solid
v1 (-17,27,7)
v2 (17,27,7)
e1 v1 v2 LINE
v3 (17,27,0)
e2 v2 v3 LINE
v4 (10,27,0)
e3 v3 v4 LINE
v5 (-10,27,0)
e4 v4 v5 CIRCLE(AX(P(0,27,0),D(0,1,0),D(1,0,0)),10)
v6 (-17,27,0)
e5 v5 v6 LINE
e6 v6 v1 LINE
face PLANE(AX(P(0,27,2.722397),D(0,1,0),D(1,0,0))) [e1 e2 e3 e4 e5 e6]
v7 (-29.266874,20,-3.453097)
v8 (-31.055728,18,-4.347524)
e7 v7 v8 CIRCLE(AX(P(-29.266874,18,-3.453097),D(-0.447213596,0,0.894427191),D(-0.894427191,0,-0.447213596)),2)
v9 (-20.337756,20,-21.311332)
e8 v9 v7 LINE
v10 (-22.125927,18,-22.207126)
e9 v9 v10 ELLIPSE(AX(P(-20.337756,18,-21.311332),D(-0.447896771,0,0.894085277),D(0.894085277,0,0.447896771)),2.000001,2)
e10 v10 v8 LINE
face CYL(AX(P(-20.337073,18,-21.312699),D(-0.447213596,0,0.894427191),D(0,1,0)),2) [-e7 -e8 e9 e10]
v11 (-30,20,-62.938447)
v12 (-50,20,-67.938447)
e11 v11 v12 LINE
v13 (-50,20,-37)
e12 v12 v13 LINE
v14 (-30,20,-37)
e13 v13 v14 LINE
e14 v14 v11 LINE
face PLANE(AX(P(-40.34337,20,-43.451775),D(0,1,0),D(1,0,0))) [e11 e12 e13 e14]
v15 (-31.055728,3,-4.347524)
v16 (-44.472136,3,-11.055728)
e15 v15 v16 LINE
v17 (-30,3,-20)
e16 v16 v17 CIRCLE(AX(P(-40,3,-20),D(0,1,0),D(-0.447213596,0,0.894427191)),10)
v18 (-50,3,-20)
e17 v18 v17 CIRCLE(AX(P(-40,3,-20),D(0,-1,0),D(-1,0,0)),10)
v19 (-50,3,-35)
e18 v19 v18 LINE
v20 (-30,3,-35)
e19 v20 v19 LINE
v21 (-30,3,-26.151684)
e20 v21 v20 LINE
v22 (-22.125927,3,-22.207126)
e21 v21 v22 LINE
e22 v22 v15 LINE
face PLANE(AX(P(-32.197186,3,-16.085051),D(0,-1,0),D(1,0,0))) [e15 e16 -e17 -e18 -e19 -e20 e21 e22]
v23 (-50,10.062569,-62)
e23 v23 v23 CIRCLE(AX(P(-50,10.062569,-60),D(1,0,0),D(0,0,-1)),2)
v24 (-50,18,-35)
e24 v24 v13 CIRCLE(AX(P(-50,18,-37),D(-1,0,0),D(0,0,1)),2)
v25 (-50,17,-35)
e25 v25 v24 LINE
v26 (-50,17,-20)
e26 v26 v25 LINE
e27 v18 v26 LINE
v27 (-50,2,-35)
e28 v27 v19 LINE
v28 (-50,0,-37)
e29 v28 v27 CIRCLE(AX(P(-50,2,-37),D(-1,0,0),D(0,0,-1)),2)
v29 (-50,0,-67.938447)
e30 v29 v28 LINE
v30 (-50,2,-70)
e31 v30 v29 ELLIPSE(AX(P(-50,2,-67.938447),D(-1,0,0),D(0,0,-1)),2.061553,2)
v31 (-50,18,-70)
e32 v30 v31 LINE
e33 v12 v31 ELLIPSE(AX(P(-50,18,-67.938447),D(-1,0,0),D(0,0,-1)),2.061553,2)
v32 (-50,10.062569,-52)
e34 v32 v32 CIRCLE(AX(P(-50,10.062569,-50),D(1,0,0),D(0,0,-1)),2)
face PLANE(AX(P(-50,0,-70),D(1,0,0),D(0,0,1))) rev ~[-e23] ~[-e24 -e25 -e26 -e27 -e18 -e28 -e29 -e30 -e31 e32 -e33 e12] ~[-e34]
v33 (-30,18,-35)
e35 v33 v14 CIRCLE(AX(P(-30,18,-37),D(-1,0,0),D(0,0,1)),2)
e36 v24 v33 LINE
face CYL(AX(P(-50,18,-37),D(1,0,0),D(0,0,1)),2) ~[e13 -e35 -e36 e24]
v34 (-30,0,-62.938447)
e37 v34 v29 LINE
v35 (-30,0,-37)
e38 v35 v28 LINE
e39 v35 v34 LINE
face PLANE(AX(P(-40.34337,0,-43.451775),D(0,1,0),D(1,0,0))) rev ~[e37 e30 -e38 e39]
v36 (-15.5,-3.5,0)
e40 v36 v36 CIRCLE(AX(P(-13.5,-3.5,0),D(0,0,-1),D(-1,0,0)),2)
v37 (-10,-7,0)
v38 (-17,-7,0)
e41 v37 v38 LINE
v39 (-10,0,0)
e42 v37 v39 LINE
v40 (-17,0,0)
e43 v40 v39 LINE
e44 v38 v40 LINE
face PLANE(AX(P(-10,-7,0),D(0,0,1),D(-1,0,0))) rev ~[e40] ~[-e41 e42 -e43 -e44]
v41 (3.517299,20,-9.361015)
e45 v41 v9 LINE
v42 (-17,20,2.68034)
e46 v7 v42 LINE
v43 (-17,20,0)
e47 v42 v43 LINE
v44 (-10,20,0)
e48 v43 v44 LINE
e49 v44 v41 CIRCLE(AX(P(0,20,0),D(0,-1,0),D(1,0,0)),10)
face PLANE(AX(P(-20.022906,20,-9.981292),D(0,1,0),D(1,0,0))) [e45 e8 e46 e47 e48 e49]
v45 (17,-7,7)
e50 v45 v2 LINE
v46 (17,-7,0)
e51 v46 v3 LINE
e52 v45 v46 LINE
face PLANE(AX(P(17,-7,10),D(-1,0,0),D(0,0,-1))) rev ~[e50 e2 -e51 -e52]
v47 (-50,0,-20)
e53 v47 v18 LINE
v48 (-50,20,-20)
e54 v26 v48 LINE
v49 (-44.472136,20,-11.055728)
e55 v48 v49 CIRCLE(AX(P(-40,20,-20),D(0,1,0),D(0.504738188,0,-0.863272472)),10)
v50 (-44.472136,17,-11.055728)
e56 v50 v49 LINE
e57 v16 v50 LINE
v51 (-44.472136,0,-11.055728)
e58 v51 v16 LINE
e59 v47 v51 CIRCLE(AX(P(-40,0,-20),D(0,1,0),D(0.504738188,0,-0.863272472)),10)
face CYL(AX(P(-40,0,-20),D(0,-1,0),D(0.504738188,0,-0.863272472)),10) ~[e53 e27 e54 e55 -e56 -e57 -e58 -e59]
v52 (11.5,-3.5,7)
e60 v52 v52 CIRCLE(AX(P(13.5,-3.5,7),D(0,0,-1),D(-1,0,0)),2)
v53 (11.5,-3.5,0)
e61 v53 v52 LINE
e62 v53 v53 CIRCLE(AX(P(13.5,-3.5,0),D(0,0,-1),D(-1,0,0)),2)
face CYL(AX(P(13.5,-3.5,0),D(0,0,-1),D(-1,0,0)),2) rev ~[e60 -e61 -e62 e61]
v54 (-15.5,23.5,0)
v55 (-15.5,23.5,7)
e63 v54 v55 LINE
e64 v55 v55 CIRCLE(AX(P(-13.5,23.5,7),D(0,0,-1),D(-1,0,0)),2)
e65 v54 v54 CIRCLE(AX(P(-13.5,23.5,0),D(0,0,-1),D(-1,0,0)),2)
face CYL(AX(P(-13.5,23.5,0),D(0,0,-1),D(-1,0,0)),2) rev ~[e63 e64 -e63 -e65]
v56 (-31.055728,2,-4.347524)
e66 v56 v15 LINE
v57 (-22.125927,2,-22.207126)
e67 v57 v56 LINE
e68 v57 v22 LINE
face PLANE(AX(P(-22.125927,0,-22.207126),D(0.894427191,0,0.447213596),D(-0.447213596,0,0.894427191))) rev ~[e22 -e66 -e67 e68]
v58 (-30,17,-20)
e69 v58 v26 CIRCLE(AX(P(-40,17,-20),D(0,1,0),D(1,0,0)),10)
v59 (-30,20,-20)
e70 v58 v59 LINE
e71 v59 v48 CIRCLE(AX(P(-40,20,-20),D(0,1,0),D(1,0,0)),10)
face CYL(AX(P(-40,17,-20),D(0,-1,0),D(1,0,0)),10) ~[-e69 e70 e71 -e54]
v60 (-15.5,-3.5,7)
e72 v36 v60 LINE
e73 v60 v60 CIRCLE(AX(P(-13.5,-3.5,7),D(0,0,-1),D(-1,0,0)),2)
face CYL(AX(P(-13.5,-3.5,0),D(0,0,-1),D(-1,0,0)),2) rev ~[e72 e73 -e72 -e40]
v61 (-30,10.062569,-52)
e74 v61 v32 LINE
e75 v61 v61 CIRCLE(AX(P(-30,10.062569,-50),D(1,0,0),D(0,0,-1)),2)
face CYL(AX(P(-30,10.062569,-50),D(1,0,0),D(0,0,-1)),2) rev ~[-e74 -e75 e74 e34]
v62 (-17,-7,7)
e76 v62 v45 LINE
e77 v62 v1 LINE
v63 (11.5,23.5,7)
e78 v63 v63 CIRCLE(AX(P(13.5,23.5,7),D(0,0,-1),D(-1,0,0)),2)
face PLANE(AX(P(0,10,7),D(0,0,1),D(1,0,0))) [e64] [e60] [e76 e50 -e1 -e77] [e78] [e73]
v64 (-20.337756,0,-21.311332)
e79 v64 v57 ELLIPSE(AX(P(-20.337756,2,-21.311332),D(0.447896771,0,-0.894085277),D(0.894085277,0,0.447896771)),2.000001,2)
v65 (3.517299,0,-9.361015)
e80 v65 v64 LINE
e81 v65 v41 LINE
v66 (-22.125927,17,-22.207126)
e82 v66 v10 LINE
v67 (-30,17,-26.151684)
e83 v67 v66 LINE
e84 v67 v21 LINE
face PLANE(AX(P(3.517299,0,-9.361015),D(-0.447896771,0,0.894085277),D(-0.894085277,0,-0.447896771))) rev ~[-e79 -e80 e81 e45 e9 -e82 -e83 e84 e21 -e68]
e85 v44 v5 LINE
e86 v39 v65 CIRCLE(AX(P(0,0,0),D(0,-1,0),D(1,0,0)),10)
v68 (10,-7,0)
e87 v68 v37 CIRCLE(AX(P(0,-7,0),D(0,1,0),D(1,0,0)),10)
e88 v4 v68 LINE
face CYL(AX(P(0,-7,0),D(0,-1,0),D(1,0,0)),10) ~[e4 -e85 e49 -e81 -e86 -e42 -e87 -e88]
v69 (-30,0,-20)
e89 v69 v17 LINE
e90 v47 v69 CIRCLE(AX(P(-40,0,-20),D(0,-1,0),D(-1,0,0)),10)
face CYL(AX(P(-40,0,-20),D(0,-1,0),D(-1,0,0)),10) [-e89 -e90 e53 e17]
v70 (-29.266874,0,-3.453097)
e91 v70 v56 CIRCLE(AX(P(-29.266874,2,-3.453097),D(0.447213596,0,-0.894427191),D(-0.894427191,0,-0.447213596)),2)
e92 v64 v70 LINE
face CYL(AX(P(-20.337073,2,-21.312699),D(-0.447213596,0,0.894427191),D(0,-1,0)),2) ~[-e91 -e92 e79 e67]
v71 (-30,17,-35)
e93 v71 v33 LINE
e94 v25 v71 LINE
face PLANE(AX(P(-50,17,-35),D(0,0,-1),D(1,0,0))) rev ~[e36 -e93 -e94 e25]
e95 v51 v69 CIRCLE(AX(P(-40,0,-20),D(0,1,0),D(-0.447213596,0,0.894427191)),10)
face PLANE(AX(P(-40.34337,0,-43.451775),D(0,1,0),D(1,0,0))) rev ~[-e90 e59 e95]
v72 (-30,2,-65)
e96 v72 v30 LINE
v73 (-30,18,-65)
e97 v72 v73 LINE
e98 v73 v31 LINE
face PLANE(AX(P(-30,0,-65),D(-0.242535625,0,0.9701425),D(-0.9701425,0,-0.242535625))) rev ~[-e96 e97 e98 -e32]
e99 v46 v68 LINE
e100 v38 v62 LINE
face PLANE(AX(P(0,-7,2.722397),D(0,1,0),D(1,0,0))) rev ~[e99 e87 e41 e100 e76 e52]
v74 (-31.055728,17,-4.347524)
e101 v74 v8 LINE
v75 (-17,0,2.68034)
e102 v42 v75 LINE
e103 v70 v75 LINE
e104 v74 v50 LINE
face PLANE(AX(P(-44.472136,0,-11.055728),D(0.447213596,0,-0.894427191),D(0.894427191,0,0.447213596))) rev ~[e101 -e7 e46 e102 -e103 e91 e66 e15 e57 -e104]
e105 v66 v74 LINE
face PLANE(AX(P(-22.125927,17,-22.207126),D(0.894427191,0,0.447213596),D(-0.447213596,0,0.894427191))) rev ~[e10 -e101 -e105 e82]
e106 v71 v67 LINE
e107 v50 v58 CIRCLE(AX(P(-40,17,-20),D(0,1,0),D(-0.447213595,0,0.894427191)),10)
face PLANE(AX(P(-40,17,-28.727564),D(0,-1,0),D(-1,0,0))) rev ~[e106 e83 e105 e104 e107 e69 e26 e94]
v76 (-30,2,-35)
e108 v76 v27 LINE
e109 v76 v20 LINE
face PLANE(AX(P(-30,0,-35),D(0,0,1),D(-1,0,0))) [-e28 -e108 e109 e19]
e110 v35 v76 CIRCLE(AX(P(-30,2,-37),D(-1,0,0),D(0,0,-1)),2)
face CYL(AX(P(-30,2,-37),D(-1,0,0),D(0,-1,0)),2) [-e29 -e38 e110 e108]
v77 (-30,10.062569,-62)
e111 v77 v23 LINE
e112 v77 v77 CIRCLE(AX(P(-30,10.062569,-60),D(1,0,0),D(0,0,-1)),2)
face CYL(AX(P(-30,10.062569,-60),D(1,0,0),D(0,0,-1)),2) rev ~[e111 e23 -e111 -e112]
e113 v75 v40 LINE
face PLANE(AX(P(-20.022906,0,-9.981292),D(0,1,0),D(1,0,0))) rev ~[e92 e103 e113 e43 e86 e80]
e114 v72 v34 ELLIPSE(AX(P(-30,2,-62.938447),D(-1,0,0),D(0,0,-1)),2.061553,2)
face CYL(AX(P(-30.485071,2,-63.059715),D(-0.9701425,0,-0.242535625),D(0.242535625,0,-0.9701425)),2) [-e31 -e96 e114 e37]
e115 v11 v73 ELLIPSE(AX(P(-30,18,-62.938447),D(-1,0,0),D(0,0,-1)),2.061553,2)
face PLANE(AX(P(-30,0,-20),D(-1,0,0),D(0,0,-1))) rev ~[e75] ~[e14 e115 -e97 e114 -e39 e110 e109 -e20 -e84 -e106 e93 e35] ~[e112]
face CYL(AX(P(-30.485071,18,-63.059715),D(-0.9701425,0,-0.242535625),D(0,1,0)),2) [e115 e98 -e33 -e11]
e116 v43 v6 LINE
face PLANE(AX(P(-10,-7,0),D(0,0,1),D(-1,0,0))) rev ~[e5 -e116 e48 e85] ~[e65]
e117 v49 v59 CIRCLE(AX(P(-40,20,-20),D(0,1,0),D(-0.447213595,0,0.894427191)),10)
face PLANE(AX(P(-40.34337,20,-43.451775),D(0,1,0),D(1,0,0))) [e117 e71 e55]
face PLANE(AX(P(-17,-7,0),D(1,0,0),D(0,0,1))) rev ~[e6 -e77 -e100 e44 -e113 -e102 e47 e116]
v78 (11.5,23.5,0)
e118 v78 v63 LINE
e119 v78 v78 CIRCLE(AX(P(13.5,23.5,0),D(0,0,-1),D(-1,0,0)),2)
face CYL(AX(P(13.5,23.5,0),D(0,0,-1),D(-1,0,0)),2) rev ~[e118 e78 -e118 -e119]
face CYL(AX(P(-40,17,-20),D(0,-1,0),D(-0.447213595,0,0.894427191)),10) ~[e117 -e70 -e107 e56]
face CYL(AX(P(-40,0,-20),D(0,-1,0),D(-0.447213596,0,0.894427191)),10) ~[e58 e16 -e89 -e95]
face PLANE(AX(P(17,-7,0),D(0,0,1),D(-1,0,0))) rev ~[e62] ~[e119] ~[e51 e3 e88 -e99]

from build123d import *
from build123d.topology import SkipClean

# Parameters (mm, degrees)
SALIENTE_EXTRUIR1_DEPTH      = 20
CORTAR_EXTRUIR1_START        = -3
CORTAR_EXTRUIR1_DEPTH        = 3
CORTAR_EXTRUIR2_DEPTH        = 3
SALIENTE_EXTRUIR4_START      = -20
SALIENTE_EXTRUIR4_DEPTH      = 20
CORTAR_EXTRUIR3_START        = -3
CORTAR_EXTRUIR3_DEPTH        = 3
CORTAR_EXTRUIR4_DEPTH        = 3
CROQUIS9_R                   = 2
CORTAR_EXTRUIR5_DEPTH        = 20
SALIENTE_EXTRUIR5_DEPTH      = 7
SALIENTE_EXTRUIR5_DEPTH_BACK = 27
CROQUIS11_R                  = 2
CORTAR_EXTRUIR6_DEPTH        = 10
REDONDEO1_R                  = 2
REDONDEO3_R                  = 2
CROQUIS12_W                  = 34
CROQUIS12_H                  = 34
CORTAR_EXTRUIR7_DEPTH        = 3


with BuildPart() as part:
    # Croquis1 → Saliente-Extruir1 (new body)
    with BuildSketch(Plane(origin=(0, 0, 0), x_dir=(1, 0, 0), z_dir=(0, 1, 0))):
        with BuildLine():
            Line((-44.472135955, 11.05572809), (-4.472135955, -8.94427191))
            ThreePointArc((-4.472135955, -8.94427191), (9.165086698, -4.000148225), (3.517298828, 9.361015381))
            Line((3.517298828, 9.361015381), (-34.952618119, 28.632724723))
            ThreePointArc((-34.952618119, 28.632724723), (-48.793203604, 24.762307253), (-44.472135955, 11.05572809))
        make_face()
    extrude(amount=SALIENTE_EXTRUIR1_DEPTH)

    # Croquis3 → Cortar-Extruir1 (cut)
    with BuildSketch(Plane(origin=(0, 20, 0), x_dir=(1, 0, 0), z_dir=(0, 1, 0)).offset(CORTAR_EXTRUIR1_START)):
        with BuildLine():
            Line((-34.952618119, 28.632724723), (-22.125927279, 22.20712578))
            Line((-22.125927279, 22.20712578), (-31.05572809, 4.347524158))
            Line((-31.05572809, 4.347524158), (-44.472135955, 11.05572809))
            ThreePointArc((-44.472135955, 11.05572809), (-31.206796396, 15.237692747), (-34.952618119, 28.632724723))
        make_face()
    extrude(amount=CORTAR_EXTRUIR1_DEPTH, mode=Mode.SUBTRACT)

    # Croquis5 → Cortar-Extruir2 (cut)
    with BuildSketch(Plane.XZ):
        with BuildLine():
            Line((-35.508565818, -28.934596744), (-22.125927279, -22.20712578))
            Line((-22.125927279, -22.20712578), (-31.05572809, -4.347524158))
            Line((-31.05572809, -4.347524158), (-44.472135955, -11.05572809))
            ThreePointArc((-44.472135955, -11.05572809), (-31.060560465, -15.518212321), (-35.508565818, -28.934596744))
        make_face()
    extrude(amount=-CORTAR_EXTRUIR2_DEPTH, mode=Mode.SUBTRACT)

    # Croquis6 → Saliente-Extruir4 (add)
    with BuildSketch(Plane(origin=(0, 20, 0), x_dir=(1, 0, 0), z_dir=(0, 1, 0)).offset(SALIENTE_EXTRUIR4_START)):
        with BuildLine():
            ThreePointArc((-50, 20), (-40, 30), (-30, 20))
            Line((-30, 20), (-30, 65))
            Line((-30, 65), (-50, 70))
            Line((-50, 70), (-50, 20))
        make_face()
    extrude(amount=SALIENTE_EXTRUIR4_DEPTH)

    # Croquis7 → Cortar-Extruir3 (cut)
    with BuildSketch(Plane(origin=(0, 20, 0), x_dir=(1, 0, 0), z_dir=(0, 1, 0)).offset(CORTAR_EXTRUIR3_START)):
        with BuildLine():
            Line((-50, 20), (-50, 35))
            Line((-50, 35), (-30, 35))
            Line((-30, 35), (-30, 20))
            ThreePointArc((-30, 20), (-40, 30), (-50, 20))
        make_face()
    extrude(amount=CORTAR_EXTRUIR3_DEPTH, mode=Mode.SUBTRACT)

    # Croquis8 → Cortar-Extruir4 (cut)
    with SkipClean():  # the faces are left unmerged after this step: merging them gives an invalid solid
        with BuildSketch(Plane.XZ):
            with BuildLine():
                Line((-30, -20), (-30, -35))
                Line((-30, -35), (-50, -35))
                Line((-50, -35), (-50, -20))
                ThreePointArc((-50, -20), (-40, -30), (-30, -20))
            make_face()
        extrude(amount=-CORTAR_EXTRUIR4_DEPTH, mode=Mode.SUBTRACT)

    # Croquis9 → Cortar-Extruir5 (cut)
    with SkipClean():  # the faces are left unmerged after this step: merging them gives an invalid solid
        with BuildSketch(Plane(origin=(-30, 0, 0), x_dir=(0, 0, -1), z_dir=(1, 0, 0))):
            with Locations((60, 10.062568572)):
                Circle(CROQUIS9_R)
            with Locations((50, 10.062568572)):
                Circle(CROQUIS9_R)
        extrude(amount=-CORTAR_EXTRUIR5_DEPTH, mode=Mode.SUBTRACT)

    # Croquis10 → Saliente-Extruir5 (add, two sides: drawn at the far end of the back side and taken through both)
    with SkipClean():  # the faces are left unmerged after this step: merging them gives an invalid solid
        with BuildSketch(Plane(origin=(0, 20, 0), x_dir=(1, 0, 0), z_dir=(0, 1, 0)).offset(-SALIENTE_EXTRUIR5_DEPTH_BACK)):
            with BuildLine():
                Line((0, -10), (17, -10))
                Line((17, -10), (17, 0))
                Line((17, 0), (10, 0))
                ThreePointArc((10, 0), (0, 10), (-10, 0))
                Line((-10, 0), (-17, 0))
                Line((-17, 0), (-17, -1.677390217))
                Line((-17, -1.677390217), (-17, -10))
                Line((-17, -10), (0, -10))
            make_face()
        extrude(amount=SALIENTE_EXTRUIR5_DEPTH + SALIENTE_EXTRUIR5_DEPTH_BACK)

    # Croquis11 → Cortar-Extruir6 (cut)
    with SkipClean():  # the faces are left unmerged after this step: merging them gives an invalid solid
        with BuildSketch(Plane(origin=(0, 0, 0), x_dir=(-1, 0, 0), z_dir=(0, 0, -1))):
            with Locations((13.5, 23.5)):
                Circle(CROQUIS11_R)
            with Locations((-13.5, 23.5)):
                Circle(CROQUIS11_R)
            with Locations((-13.5, -3.5)):
                Circle(CROQUIS11_R)
            with Locations((13.5, -3.5)):
                Circle(CROQUIS11_R)
        extrude(amount=-CORTAR_EXTRUIR6_DEPTH, mode=Mode.SUBTRACT)

    # Redondeo1
    redondeo1_edges = [part.edges().sort_by_distance(p)[0] for p in [
        (-26.590827684, 20, -13.277324969),
        (-26.590827684, 0, -13.277324969),
        (-40, 20, -35),
        (-40, 0, -35),
    ]]
    fillet(redondeo1_edges, radius=REDONDEO1_R)

    # Redondeo3
    redondeo3_edges = [part.edges().sort_by_distance(p)[0] for p in [
        (-40, 0, -67.5),
        (-40, 20, -67.5),
    ]]
    fillet(redondeo3_edges, radius=REDONDEO3_R)

    # Croquis12 → Cortar-Extruir7 (cut)
    with SkipClean():  # the faces are left unmerged after this step: merging them gives an invalid solid
        with BuildSketch(Plane.XY.offset(10)):
            with Locations((0, 10)):
                Rectangle(CROQUIS12_W, CROQUIS12_H)
        extrude(amount=-CORTAR_EXTRUIR7_DEPTH, mode=Mode.SUBTRACT)


solid = part.part
